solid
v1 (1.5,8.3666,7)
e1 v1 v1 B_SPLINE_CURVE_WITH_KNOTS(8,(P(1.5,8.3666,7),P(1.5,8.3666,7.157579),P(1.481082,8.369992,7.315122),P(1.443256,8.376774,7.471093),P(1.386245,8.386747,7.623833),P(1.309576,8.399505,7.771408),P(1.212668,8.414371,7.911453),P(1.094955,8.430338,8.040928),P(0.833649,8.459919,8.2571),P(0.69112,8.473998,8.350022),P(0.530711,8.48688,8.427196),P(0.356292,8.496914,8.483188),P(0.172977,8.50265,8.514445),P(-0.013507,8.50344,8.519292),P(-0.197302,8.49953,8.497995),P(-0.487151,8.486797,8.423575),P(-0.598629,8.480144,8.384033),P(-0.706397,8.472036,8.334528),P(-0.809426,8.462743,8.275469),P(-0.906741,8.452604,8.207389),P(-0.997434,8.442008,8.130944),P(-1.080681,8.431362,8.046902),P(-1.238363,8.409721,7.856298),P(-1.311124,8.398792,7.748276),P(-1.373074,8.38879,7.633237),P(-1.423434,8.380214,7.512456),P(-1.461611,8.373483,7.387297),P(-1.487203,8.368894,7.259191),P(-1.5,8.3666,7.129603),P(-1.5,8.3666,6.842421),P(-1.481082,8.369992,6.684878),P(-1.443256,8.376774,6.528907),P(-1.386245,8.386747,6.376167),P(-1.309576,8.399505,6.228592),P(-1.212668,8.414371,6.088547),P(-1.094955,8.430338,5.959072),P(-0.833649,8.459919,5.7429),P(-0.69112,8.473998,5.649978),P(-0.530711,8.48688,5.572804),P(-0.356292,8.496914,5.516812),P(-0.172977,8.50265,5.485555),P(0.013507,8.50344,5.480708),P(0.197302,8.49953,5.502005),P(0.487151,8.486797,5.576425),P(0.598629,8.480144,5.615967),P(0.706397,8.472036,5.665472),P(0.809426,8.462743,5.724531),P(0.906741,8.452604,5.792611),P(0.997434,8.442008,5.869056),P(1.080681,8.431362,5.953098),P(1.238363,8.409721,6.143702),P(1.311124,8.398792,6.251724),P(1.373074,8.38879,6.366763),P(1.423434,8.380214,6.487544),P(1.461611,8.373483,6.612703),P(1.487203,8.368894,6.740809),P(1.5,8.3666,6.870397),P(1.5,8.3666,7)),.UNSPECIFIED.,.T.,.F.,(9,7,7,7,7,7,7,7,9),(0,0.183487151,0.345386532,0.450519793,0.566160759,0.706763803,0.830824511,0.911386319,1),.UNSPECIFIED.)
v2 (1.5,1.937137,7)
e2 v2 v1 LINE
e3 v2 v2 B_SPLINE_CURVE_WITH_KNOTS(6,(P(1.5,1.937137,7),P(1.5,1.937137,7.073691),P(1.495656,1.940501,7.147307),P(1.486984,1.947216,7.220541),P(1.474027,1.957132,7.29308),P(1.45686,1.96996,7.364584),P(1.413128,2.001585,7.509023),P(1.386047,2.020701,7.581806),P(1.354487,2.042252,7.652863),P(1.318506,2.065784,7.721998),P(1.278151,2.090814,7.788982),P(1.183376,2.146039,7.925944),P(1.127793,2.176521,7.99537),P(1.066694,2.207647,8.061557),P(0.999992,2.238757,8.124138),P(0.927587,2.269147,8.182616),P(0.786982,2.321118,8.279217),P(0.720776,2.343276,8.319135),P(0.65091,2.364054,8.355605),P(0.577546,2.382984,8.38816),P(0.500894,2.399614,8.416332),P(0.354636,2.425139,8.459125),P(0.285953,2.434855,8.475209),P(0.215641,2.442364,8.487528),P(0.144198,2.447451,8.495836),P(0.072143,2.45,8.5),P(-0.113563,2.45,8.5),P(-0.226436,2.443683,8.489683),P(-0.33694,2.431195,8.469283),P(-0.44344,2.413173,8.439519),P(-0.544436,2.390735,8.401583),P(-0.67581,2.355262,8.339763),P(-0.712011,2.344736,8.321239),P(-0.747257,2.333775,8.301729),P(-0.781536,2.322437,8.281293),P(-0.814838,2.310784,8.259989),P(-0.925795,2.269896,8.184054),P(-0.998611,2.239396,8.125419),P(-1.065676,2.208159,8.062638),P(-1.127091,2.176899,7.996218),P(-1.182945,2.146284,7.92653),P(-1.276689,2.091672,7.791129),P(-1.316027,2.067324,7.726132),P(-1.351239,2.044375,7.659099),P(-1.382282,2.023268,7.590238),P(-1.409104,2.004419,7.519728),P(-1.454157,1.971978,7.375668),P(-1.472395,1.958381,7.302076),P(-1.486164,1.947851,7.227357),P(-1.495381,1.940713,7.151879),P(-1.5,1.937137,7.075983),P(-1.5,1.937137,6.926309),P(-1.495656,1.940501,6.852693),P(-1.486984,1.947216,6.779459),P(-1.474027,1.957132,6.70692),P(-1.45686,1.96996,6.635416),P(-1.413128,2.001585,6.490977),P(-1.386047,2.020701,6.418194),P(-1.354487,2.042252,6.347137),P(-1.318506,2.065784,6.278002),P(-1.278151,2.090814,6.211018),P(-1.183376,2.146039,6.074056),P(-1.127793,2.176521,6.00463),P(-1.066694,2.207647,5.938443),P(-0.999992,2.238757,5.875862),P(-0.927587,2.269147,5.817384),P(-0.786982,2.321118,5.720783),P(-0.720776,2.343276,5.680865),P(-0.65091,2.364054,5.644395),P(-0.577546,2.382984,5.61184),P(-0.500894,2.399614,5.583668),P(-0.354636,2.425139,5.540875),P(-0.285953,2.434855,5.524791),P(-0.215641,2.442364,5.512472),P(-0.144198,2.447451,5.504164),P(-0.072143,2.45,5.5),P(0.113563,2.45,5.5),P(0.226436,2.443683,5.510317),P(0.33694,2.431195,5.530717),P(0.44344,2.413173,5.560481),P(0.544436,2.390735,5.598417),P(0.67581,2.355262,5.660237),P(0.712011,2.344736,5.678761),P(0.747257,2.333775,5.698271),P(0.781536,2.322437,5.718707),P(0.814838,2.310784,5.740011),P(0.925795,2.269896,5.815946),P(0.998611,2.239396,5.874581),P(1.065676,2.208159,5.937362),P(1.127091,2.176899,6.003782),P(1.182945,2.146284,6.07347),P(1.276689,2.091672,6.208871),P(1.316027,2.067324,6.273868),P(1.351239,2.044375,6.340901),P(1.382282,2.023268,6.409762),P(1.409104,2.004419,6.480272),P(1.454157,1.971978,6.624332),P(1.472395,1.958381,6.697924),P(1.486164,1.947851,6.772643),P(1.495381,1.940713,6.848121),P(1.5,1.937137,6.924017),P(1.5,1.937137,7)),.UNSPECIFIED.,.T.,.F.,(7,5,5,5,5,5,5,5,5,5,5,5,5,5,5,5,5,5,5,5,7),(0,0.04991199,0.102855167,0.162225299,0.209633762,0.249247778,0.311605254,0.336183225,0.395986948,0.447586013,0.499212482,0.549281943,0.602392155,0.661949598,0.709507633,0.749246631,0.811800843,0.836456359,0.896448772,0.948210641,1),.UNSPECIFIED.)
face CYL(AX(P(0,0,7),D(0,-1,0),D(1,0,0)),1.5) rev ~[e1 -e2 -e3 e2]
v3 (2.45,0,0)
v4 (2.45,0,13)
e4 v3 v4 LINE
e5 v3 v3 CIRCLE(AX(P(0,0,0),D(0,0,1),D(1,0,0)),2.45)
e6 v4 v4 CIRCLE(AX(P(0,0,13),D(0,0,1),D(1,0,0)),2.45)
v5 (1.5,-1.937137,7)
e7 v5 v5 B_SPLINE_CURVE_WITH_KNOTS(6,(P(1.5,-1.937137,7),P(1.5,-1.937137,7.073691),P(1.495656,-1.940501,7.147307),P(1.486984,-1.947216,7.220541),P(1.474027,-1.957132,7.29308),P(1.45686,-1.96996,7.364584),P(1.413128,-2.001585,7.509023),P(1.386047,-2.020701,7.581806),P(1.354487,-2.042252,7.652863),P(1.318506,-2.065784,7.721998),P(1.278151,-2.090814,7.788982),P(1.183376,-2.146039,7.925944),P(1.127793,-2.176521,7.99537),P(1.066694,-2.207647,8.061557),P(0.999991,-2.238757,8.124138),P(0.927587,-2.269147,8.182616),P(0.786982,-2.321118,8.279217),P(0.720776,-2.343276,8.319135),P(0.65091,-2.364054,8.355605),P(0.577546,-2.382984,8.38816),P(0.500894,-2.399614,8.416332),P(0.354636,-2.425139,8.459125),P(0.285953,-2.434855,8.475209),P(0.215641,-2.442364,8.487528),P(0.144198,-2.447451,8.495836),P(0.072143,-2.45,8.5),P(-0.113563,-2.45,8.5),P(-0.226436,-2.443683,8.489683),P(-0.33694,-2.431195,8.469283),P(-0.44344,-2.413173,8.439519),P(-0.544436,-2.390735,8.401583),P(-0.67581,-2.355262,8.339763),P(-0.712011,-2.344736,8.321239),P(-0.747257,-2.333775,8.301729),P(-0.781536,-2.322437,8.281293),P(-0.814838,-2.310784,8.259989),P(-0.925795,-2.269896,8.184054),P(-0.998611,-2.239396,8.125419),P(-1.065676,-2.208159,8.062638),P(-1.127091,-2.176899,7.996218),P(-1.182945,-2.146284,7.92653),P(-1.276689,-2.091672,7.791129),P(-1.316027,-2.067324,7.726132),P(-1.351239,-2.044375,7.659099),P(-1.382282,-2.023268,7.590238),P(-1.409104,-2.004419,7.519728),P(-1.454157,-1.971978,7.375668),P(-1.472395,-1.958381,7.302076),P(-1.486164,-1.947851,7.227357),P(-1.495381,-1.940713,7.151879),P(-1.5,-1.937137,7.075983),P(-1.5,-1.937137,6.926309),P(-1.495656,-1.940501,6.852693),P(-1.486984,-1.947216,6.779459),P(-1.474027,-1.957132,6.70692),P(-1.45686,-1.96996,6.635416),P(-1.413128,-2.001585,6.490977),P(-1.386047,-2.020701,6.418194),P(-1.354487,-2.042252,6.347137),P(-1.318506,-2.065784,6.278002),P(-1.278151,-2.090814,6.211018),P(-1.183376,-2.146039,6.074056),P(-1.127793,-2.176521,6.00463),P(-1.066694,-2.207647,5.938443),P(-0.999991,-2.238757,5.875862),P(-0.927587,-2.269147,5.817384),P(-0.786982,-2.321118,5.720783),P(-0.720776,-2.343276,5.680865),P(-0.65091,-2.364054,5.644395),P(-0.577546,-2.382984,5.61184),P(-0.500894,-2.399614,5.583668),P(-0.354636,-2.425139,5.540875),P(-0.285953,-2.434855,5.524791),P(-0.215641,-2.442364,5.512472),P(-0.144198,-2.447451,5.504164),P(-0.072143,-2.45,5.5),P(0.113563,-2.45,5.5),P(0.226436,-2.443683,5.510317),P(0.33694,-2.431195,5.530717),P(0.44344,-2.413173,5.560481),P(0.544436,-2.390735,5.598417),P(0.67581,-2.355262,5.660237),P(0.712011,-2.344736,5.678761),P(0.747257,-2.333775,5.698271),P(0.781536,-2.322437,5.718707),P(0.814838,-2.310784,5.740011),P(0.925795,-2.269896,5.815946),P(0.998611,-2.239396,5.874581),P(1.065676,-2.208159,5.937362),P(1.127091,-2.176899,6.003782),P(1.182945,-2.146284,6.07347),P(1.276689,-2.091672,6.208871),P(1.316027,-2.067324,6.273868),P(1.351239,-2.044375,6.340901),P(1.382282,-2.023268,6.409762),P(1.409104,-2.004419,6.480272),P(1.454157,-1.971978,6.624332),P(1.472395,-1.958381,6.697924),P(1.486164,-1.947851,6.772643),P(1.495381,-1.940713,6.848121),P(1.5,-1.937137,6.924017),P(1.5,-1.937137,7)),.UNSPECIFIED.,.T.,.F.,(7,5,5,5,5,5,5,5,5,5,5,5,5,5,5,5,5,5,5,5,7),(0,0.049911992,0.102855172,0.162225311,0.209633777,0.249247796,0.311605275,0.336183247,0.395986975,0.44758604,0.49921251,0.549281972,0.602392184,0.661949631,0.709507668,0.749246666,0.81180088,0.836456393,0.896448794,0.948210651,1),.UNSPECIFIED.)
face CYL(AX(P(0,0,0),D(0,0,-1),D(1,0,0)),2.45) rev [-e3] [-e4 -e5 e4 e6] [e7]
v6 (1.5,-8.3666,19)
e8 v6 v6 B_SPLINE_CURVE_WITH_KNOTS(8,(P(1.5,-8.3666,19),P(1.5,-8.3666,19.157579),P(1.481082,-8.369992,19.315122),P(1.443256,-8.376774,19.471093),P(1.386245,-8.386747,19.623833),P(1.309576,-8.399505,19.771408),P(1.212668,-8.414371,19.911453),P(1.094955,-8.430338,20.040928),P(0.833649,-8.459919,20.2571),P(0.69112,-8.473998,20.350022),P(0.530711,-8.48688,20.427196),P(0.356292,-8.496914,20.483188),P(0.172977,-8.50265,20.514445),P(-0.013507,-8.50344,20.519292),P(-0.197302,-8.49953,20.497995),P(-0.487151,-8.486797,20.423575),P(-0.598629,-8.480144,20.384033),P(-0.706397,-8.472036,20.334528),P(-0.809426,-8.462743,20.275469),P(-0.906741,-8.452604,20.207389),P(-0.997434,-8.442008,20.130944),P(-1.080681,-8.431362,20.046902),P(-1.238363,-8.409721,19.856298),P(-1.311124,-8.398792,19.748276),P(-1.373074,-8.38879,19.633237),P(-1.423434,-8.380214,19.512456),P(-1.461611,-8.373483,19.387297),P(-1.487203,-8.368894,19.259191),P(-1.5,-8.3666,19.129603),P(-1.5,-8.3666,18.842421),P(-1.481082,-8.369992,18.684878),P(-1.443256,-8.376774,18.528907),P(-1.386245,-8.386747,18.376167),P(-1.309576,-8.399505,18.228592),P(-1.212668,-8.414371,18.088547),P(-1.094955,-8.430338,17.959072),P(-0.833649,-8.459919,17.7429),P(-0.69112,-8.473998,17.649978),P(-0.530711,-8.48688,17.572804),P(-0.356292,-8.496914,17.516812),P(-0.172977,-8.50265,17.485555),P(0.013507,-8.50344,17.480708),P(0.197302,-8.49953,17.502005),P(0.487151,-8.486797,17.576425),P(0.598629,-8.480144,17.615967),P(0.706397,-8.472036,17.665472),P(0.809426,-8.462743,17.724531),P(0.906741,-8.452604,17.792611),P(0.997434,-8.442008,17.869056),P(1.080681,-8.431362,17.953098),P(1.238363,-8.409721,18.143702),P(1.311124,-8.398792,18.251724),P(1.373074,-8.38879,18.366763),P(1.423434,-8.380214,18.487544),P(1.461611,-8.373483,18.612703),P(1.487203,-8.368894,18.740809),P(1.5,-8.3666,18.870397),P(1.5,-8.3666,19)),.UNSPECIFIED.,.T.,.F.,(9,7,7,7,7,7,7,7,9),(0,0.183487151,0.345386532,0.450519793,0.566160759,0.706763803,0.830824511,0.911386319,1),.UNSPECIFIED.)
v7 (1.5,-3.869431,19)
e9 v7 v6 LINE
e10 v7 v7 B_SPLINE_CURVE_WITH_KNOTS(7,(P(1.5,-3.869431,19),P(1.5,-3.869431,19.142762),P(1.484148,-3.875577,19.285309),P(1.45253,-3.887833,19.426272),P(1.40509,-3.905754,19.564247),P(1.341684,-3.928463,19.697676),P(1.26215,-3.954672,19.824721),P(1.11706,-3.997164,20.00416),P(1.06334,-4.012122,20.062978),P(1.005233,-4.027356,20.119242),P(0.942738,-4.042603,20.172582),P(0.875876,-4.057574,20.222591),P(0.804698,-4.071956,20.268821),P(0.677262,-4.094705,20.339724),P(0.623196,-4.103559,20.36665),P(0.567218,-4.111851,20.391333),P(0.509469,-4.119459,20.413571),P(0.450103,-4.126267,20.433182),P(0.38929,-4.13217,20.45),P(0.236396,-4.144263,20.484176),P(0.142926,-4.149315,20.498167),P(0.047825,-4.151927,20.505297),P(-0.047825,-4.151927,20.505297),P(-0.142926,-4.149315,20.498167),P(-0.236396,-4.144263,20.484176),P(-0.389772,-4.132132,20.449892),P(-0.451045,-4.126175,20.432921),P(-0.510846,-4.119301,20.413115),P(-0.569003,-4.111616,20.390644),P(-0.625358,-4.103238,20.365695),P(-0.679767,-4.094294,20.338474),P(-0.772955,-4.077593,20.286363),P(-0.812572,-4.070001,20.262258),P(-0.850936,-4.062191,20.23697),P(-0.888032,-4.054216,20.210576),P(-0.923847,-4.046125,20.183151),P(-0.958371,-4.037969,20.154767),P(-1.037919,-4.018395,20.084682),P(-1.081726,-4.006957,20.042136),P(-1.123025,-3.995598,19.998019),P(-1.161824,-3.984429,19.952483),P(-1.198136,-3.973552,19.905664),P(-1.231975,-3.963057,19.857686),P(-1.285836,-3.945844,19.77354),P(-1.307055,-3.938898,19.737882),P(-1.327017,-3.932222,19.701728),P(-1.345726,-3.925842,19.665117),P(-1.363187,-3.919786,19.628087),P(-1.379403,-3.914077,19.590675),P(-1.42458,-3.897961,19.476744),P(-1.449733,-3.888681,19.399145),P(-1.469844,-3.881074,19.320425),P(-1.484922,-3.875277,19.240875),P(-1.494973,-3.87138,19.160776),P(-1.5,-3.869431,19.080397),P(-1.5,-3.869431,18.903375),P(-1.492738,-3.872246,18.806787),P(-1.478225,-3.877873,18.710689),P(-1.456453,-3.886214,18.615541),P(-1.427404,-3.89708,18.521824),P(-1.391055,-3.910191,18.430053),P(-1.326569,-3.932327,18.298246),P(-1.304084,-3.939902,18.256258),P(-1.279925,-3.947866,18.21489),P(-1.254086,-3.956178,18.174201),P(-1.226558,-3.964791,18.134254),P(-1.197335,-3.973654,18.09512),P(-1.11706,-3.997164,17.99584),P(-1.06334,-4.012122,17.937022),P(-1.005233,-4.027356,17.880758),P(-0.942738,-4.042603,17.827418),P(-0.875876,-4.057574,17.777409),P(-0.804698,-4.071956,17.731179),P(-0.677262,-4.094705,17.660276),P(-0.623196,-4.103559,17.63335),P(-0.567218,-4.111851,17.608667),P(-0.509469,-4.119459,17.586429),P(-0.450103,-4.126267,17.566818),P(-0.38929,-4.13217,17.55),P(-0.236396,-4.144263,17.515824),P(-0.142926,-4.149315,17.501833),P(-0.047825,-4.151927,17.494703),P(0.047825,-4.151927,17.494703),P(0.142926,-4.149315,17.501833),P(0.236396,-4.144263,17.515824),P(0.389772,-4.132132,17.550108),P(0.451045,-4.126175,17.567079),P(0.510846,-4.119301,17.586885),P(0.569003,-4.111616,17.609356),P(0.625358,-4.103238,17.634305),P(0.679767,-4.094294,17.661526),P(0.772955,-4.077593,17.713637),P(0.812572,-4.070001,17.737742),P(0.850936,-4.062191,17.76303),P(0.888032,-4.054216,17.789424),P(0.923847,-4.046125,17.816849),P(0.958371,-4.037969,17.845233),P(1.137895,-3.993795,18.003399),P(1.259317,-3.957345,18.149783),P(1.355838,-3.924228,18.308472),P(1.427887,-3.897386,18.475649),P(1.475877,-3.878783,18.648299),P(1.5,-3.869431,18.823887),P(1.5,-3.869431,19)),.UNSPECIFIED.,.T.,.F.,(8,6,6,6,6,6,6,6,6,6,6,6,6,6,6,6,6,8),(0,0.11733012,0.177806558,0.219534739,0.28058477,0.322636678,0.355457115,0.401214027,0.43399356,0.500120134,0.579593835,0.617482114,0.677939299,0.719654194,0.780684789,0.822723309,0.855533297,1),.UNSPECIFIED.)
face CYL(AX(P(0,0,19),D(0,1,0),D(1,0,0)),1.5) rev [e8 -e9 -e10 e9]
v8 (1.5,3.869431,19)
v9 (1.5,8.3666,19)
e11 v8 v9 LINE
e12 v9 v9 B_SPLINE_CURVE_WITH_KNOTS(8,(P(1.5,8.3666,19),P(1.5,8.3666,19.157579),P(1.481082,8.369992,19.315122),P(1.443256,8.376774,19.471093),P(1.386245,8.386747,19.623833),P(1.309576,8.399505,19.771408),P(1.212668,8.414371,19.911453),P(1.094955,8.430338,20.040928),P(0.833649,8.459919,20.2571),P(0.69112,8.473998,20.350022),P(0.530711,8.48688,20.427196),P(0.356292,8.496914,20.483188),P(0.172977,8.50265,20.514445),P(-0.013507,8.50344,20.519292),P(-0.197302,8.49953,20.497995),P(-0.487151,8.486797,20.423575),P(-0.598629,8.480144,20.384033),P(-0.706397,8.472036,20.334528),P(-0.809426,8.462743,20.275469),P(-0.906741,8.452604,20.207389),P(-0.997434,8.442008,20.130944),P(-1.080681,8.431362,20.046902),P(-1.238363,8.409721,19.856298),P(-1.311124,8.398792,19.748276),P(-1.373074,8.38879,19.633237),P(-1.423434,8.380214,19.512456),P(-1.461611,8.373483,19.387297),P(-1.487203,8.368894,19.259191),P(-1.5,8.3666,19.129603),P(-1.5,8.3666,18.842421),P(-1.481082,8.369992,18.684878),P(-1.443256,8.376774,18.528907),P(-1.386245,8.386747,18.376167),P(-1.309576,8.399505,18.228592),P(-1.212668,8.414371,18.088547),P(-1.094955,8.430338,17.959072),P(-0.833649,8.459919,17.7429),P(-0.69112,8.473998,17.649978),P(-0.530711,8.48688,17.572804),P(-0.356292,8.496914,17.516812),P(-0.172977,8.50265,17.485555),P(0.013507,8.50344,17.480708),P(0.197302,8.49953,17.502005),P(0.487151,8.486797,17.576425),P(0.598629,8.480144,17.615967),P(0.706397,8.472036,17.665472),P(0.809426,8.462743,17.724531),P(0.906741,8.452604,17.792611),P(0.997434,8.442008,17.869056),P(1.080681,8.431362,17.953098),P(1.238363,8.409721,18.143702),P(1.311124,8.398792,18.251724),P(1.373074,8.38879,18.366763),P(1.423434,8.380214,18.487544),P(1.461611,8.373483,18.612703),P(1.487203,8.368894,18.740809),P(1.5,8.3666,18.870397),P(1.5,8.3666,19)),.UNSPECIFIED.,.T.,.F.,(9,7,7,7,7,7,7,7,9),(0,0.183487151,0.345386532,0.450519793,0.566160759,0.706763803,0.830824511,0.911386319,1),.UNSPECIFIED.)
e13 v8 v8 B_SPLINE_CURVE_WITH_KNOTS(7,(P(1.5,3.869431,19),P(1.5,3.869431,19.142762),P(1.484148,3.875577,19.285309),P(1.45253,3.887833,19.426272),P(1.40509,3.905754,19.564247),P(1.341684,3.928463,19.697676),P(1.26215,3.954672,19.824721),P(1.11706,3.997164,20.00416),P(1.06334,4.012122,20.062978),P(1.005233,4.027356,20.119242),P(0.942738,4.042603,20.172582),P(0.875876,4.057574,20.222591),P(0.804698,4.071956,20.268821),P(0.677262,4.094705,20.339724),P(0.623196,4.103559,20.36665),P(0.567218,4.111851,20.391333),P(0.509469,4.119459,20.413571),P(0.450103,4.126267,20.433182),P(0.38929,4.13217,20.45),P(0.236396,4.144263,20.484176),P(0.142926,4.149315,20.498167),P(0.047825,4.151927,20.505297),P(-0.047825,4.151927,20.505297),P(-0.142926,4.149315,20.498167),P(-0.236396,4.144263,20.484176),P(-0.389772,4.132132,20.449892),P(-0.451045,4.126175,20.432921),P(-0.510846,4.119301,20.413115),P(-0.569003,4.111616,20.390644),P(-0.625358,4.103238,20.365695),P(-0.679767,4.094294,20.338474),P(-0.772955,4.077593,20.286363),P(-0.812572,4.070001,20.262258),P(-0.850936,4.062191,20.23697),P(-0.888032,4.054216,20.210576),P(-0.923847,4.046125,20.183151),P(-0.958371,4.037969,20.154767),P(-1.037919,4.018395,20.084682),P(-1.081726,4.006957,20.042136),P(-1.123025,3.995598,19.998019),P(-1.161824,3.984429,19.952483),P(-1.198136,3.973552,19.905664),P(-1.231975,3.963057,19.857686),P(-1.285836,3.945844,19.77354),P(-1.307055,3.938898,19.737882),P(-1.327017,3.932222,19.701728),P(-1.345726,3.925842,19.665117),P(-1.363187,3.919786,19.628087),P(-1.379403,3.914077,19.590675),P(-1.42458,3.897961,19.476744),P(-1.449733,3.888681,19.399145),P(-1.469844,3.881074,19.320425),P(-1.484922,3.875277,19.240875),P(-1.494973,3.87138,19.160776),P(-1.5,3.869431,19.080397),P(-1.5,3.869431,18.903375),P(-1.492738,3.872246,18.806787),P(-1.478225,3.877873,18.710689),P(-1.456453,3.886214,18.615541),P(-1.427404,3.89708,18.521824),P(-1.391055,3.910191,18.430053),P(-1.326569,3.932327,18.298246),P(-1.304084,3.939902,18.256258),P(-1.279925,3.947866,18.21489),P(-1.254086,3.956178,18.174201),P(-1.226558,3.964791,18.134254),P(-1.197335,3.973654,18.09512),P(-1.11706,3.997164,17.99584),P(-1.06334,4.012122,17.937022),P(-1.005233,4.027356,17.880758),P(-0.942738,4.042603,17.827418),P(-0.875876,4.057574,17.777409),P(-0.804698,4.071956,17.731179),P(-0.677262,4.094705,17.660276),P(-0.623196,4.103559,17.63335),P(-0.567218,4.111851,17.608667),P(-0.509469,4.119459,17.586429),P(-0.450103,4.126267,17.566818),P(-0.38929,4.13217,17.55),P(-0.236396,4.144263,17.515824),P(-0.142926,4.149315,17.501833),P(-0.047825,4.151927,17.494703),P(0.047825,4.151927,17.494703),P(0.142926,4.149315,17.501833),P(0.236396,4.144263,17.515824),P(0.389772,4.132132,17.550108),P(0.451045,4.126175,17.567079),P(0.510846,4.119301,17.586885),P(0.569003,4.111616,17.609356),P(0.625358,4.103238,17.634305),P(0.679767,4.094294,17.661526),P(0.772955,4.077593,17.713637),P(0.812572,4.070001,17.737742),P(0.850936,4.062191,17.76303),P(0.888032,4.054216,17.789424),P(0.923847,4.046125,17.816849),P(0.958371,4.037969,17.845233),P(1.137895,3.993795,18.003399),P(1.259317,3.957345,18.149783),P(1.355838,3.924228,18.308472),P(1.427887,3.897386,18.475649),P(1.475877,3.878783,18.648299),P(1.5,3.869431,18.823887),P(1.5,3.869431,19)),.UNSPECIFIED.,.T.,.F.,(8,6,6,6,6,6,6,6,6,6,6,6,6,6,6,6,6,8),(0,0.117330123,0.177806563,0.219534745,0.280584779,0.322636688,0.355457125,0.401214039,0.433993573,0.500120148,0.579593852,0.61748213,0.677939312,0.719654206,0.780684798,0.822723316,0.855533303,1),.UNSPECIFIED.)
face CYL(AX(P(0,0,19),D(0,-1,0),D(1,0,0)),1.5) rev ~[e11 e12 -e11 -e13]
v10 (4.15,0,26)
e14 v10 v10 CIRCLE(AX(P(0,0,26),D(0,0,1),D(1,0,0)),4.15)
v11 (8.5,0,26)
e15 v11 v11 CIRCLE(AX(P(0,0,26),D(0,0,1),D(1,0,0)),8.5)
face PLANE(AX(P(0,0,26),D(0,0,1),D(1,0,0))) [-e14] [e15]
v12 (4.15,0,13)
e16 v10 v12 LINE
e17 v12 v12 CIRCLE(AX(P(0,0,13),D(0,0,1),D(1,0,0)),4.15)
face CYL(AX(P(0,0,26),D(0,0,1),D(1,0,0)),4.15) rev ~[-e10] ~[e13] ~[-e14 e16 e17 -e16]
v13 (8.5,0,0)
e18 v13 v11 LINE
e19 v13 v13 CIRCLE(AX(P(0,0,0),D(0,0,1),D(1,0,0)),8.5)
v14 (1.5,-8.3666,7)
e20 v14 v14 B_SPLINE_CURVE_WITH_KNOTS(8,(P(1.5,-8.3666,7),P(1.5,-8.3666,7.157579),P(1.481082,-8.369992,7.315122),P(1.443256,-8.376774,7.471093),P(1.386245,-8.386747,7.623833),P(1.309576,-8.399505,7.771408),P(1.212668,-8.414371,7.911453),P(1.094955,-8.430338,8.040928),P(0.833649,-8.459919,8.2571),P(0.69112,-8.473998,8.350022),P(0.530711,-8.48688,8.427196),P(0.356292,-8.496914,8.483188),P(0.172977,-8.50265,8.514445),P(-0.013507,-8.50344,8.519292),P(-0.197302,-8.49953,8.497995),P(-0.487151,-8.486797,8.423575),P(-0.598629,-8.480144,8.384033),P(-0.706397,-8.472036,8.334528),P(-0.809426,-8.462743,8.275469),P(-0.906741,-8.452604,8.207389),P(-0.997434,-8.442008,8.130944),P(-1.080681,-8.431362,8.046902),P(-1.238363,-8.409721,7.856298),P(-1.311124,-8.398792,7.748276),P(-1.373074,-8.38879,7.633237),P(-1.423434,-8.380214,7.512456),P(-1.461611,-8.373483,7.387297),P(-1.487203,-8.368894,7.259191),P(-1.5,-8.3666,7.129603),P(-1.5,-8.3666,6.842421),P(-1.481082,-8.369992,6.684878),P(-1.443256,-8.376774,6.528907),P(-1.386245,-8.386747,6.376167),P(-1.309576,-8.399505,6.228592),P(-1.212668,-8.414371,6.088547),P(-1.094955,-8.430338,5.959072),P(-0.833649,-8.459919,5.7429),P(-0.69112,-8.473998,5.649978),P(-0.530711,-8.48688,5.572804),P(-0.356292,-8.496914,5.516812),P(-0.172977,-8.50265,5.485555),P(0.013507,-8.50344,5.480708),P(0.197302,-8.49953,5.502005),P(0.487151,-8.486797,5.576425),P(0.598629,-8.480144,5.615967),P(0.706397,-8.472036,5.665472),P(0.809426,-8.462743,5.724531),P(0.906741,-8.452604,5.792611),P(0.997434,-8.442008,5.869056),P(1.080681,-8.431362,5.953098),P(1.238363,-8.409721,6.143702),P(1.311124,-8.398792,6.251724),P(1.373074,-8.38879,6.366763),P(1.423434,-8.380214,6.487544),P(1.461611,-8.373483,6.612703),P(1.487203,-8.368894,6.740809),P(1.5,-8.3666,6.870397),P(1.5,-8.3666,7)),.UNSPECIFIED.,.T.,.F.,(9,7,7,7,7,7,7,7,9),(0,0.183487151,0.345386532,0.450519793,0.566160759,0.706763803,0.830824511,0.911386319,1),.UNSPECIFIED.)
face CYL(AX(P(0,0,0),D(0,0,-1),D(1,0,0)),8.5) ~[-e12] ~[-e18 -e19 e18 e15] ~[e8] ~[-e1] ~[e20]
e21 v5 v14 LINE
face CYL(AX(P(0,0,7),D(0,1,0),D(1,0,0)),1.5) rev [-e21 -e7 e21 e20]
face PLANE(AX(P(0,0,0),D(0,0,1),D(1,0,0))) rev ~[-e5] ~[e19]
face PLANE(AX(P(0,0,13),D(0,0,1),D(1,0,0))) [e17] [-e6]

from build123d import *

# Parameters (mm, degrees)
F0_R          = 8.5
F0_R_2        = 2.45
F1_DEPTH      = 26
F2_R          = 4.15
F2_R_2        = 2.45
F3_DEPTH      = 13
F4_R          = 1.5
F5_DEPTH      = 25
F5_DEPTH_BACK = 25


with BuildPart() as f1:
    # F0 (on Top) → F1 (new body)
    with BuildSketch(Plane.XY):
        Circle(F0_R)
        Circle(F0_R_2, mode=Mode.SUBTRACT)
    extrude(amount=F1_DEPTH)

    # F2 (on face) → F3 (cut)
    with BuildSketch(Plane.XY.offset(26)):
        Circle(F2_R)
        Circle(F2_R_2, mode=Mode.SUBTRACT)
    extrude(amount=-F3_DEPTH, mode=Mode.SUBTRACT)

    # F4 (on Front) → F5 (cut, two sides)
    with BuildSketch(Plane.XZ) as f5_sk:
        with Locations((0, 19)):
            Circle(F4_R)
        with Locations((0, 7)):
            Circle(F4_R)
    extrude(amount=-F5_DEPTH, mode=Mode.SUBTRACT)
    extrude(f5_sk.sketch, amount=F5_DEPTH_BACK, mode=Mode.SUBTRACT)


solid = f1.part
